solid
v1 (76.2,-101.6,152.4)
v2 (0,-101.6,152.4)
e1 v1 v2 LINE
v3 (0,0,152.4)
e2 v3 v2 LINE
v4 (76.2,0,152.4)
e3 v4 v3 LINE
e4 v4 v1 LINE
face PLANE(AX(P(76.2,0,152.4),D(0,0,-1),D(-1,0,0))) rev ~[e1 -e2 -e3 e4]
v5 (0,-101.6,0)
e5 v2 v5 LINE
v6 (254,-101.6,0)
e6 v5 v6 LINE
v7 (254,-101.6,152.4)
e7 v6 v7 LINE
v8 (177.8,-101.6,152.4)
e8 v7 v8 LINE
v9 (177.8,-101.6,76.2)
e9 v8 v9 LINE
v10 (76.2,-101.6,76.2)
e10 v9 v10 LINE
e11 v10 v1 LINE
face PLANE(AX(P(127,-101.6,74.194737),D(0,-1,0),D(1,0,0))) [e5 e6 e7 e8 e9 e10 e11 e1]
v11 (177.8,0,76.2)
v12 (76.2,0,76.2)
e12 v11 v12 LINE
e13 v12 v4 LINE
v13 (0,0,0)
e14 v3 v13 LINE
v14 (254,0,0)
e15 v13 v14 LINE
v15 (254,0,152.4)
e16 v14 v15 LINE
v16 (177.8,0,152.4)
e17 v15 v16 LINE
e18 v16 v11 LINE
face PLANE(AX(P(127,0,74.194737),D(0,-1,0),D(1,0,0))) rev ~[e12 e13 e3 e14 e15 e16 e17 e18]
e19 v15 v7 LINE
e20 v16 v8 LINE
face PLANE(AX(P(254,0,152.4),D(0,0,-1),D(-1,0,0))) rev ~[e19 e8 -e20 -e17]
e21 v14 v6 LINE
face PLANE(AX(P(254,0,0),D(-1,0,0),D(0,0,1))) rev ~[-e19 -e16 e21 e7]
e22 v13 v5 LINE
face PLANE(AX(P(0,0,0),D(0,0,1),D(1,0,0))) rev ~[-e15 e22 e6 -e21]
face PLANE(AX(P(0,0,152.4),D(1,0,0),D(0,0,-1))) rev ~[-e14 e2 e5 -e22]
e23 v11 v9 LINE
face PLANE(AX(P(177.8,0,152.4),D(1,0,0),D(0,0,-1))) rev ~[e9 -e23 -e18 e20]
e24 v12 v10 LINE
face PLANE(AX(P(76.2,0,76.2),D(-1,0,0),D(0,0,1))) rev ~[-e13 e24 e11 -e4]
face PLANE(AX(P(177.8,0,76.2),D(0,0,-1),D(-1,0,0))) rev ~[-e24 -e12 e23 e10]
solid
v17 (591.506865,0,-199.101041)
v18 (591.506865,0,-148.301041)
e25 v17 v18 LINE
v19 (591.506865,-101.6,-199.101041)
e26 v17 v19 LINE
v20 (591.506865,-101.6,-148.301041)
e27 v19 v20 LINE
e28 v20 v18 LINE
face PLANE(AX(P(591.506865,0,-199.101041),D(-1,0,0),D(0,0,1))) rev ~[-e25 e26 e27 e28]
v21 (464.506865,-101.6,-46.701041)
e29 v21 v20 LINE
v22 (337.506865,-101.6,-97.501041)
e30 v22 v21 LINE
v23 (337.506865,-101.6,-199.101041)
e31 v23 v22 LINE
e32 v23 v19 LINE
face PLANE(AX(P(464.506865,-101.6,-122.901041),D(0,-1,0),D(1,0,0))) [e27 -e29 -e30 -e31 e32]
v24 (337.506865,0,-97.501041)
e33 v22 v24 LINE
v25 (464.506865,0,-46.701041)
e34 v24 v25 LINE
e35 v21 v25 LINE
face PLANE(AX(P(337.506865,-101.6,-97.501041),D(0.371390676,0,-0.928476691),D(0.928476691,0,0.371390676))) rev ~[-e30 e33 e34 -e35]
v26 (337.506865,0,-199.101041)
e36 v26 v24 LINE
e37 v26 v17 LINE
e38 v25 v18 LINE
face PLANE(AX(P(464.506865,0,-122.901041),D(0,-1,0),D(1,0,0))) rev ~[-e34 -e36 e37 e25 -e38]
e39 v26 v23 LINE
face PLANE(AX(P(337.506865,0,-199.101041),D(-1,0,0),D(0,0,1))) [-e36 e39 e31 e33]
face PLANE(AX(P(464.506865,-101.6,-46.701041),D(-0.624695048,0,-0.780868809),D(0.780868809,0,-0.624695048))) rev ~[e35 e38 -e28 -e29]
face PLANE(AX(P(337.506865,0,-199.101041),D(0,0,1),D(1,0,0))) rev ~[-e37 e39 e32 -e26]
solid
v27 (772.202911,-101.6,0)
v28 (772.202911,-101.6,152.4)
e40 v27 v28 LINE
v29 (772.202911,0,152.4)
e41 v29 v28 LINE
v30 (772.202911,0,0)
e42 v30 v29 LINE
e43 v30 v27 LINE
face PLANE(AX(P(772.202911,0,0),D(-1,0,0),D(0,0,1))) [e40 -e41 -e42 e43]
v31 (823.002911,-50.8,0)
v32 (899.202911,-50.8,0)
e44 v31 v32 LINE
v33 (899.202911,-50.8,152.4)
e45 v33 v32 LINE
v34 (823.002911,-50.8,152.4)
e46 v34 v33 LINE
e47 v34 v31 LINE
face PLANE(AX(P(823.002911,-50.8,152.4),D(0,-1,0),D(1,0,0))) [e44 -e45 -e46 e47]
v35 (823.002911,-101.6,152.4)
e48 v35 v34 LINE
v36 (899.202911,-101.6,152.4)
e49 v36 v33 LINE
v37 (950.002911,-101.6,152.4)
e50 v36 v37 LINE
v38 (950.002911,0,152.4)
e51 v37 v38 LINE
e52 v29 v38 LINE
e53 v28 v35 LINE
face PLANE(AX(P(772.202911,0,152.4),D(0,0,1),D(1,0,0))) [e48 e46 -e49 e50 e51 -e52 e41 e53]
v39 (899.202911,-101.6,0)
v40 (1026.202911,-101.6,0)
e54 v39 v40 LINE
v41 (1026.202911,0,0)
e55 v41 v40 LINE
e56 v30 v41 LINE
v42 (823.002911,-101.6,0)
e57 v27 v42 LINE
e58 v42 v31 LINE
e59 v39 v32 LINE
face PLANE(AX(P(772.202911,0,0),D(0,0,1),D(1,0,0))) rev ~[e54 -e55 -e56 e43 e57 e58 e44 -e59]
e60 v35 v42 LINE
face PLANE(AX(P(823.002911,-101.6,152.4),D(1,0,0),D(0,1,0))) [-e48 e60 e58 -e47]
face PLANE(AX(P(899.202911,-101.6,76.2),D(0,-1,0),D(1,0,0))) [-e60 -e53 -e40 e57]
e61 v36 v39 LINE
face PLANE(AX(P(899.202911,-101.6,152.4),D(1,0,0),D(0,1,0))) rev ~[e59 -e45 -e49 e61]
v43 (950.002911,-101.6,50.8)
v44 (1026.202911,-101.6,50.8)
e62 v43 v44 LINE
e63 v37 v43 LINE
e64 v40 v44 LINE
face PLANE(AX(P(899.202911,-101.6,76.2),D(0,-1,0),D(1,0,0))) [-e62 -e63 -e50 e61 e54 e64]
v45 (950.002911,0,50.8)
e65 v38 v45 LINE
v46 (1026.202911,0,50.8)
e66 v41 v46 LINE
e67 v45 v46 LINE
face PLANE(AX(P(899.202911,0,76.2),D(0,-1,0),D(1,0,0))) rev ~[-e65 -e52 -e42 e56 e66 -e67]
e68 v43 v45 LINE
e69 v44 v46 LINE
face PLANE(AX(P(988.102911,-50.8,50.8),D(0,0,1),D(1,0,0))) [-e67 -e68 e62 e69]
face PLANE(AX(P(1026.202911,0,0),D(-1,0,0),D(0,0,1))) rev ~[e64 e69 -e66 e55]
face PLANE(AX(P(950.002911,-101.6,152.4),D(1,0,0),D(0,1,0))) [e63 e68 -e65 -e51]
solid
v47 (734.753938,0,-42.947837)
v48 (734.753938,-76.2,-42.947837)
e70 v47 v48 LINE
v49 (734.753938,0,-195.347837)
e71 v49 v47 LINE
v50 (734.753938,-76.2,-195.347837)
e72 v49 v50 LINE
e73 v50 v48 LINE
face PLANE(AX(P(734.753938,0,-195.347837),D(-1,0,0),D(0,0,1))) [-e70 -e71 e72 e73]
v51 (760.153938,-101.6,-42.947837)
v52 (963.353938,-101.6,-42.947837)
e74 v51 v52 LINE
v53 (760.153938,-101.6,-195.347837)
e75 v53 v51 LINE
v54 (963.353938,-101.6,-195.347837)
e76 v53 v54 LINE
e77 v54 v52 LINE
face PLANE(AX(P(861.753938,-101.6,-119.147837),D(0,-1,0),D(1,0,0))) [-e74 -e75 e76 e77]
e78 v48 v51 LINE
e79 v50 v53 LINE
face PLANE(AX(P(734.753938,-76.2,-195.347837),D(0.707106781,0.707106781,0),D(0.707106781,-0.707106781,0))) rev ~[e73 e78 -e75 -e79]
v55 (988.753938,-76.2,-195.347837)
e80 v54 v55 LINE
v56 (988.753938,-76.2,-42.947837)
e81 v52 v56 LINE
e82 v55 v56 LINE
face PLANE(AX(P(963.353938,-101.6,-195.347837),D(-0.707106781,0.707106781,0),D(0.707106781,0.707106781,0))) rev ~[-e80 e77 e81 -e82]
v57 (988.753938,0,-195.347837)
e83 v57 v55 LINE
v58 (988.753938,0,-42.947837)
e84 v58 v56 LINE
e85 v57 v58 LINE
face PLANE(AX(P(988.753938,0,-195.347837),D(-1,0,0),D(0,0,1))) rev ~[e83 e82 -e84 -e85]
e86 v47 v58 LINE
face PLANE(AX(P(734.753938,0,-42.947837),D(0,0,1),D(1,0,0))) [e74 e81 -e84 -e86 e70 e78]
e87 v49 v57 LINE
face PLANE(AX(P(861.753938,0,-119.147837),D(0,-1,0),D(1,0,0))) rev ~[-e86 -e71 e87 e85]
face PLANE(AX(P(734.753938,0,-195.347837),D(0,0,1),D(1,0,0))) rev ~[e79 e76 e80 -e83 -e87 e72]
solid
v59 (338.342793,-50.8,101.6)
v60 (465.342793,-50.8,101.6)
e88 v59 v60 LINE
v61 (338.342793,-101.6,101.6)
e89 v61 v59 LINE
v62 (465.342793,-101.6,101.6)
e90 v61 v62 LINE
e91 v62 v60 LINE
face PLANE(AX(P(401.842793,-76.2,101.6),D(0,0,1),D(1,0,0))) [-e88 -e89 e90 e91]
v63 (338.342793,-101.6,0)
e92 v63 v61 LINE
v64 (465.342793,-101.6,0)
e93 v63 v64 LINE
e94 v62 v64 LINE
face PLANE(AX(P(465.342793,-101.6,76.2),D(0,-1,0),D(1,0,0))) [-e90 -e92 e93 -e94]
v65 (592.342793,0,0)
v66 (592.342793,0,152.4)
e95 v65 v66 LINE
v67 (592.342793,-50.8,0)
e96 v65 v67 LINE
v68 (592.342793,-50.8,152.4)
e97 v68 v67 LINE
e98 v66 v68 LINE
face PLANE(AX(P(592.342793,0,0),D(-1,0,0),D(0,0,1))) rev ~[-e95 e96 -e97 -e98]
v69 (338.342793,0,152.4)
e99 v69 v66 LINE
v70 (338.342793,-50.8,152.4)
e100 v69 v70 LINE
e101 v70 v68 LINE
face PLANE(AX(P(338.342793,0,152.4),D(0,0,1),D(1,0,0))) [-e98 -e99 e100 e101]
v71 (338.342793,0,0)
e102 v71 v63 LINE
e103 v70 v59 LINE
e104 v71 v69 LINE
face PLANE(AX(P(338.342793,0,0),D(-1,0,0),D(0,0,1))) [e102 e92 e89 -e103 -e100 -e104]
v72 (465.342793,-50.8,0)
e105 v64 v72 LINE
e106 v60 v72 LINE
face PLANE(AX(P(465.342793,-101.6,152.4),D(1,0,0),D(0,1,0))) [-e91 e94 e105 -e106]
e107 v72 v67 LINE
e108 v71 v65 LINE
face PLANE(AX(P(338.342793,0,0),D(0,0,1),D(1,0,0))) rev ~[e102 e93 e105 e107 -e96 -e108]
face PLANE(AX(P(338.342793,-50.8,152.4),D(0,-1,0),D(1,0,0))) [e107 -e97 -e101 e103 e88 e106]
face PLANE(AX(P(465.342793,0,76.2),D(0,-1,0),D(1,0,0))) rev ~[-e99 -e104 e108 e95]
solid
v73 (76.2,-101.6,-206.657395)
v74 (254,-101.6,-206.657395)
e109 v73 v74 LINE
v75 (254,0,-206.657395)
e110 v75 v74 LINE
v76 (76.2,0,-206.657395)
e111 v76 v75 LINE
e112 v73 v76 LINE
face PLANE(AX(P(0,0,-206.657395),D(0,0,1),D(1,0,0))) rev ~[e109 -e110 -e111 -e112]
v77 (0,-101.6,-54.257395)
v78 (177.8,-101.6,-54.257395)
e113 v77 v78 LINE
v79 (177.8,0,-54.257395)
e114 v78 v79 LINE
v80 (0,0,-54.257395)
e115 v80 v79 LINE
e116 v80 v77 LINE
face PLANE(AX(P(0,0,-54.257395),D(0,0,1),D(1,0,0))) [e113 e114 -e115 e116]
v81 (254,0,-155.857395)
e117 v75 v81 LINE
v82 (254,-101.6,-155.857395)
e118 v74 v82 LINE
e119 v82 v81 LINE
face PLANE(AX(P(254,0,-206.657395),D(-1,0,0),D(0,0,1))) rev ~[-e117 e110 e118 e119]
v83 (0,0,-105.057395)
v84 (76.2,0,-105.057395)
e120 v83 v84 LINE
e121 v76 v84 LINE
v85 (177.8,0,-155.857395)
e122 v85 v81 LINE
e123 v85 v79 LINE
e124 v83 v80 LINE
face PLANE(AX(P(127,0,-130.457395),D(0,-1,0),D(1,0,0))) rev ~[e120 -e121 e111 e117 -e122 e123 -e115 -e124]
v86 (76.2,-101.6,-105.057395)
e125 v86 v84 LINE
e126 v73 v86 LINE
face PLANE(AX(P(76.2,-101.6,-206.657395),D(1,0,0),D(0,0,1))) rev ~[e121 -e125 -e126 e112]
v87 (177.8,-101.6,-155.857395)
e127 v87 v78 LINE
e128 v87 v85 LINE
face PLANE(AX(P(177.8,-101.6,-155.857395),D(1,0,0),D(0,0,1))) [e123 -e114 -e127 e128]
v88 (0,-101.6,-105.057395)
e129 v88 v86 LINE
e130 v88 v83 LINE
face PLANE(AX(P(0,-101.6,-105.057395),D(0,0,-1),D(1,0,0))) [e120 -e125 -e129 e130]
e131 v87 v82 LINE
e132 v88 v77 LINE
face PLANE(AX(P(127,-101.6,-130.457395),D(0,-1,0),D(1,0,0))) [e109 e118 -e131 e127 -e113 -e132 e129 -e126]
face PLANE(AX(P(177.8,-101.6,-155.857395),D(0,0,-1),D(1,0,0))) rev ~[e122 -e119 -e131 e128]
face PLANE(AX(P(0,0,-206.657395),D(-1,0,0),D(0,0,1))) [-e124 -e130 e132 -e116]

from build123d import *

# Parameters (mm, degrees)
F1_DEPTH  = 101.6
F2_W      = 254
F2_H      = 152.4
F3_DEPTH  = 101.6
F4_W      = 127
F4_H      = 50.8
F5_DEPTH  = 152.4
F6_W      = 127
F6_H      = 50.8
F7_DEPTH  = 50.8
F8_W      = 254
F8_H      = 152.4
F9_DEPTH  = 101.6
F10_W     = 76.2
F10_H     = 50.8
F11_DEPTH = 152.4
F12_W     = 76.2
F12_H     = 101.6
F13_DEPTH = 101.6
F14_W     = 254
F14_H     = 152.4
F15_DEPTH = 101.6
F16_W     = 76.2
F16_H     = 101.6
F17_DEPTH = 101.6
F18_W     = 76.2
F18_H     = 101.6
F19_DEPTH = 101.6
F20_W     = 254
F20_H     = 152.4
F21_DEPTH = 101.6
F23_DEPTH = 101.6
F25_DEPTH = 101.6
F26_W     = 254
F26_H     = 152.4
F27_DEPTH = 101.6
F29_DEPTH = 152.4


with BuildPart() as f1:
    # F0 (on Front) → F1 (new body)
    with BuildSketch(Plane.XZ):
        Polygon((0, 152.4), (0, 0), (254, 0), (254, 152.4), (177.8, 152.4), (177.8, 76.2), (76.2, 76.2), (76.2, 152.4), align=None)
    extrude(amount=F1_DEPTH)


with BuildPart() as f3:
    # F2 (on Front) → F3 (new body)
    with BuildSketch(Plane.XZ):
        with Locations((465.342793, 76.2)):
            Rectangle(F2_W, F2_H)
    extrude(amount=F3_DEPTH)

    # F4 (on face) → F5 (cut)
    with BuildSketch(Plane.XY.offset(152.4)):
        with Locations((528.842793, -76.2)):
            Rectangle(F4_W, F4_H)
    extrude(amount=-F5_DEPTH, mode=Mode.SUBTRACT)

    # F6 (on face) → F7 (cut)
    with BuildSketch(Plane.XY.offset(152.4)):
        with Locations((401.842793, -76.2)):
            Rectangle(F6_W, F6_H)
    extrude(amount=-F7_DEPTH, mode=Mode.SUBTRACT)


with BuildPart() as f9:
    # F8 (on Front) → F9 (new body)
    with BuildSketch(Plane.XZ):
        with Locations((899.202911, 76.2)):
            Rectangle(F8_W, F8_H)
    extrude(amount=F9_DEPTH)

    # F10 (on face) → F11 (cut)
    with BuildSketch(Plane.XY.offset(152.4)):
        with Locations((861.102911, -76.2)):
            Rectangle(F10_W, F10_H)
    extrude(amount=-F11_DEPTH, mode=Mode.SUBTRACT)

    # F12 (on face) → F13 (cut)
    with BuildSketch(Plane.XY.offset(152.4)):
        with Locations((988.102911, -50.8)):
            Rectangle(F12_W, F12_H)
    extrude(amount=-F13_DEPTH, mode=Mode.SUBTRACT)


with BuildPart() as f15:
    # F14 (on Front) → F15 (new body)
    with BuildSketch(Plane.XZ):
        with Locations((127, -130.457395)):
            Rectangle(F14_W, F14_H)
    extrude(amount=F15_DEPTH)

    # F16 (on face) → F17 (cut)
    with BuildSketch(Plane.XZ.offset(101.6)):
        with Locations((38.1, -155.857395)):
            Rectangle(F16_W, F16_H)
    extrude(amount=-F17_DEPTH, mode=Mode.SUBTRACT)

    # F18 (on face) → F19 (cut)
    with BuildSketch(Plane.XZ.offset(101.6)):
        with Locations((215.9, -105.057395)):
            Rectangle(F18_W, F18_H)
    extrude(amount=-F19_DEPTH, mode=Mode.SUBTRACT)


with BuildPart() as f21:
    # F20 (on Front) → F21 (new body)
    with BuildSketch(Plane.XZ):
        with Locations((464.506865, -122.901041)):
            Rectangle(F20_W, F20_H)
    extrude(amount=F21_DEPTH)

    # F22 (on face) → F23 (cut)
    with BuildSketch(Plane.XZ.offset(101.6)):
        Polygon((464.506865, -46.701041), (337.506865, -46.701041), (337.506865, -97.501041), align=None)
    extrude(amount=-F23_DEPTH, mode=Mode.SUBTRACT)

    # F24 (on face) → F25 (cut)
    with BuildSketch(Plane.XZ.offset(101.6)):
        Polygon((591.506865, -148.301041), (591.506865, -46.701041), (464.506865, -46.701041), align=None)
    extrude(amount=-F25_DEPTH, mode=Mode.SUBTRACT)


with BuildPart() as f27:
    # F26 (on Front) → F27 (new body)
    with BuildSketch(Plane.XZ):
        with Locations((861.753938, -119.147837)):
            Rectangle(F26_W, F26_H)
    extrude(amount=F27_DEPTH)

    # F28 (on face) → F29 (cut)
    with BuildSketch(Plane(origin=(0, 0, -195.347837), x_dir=(1, 0, 0), z_dir=(0, 0, -1))):
        Polygon((760.153938, 101.6), (734.753938, 101.6), (734.753938, 76.2), align=None)
        Polygon((988.753938, 101.6), (963.353938, 101.6), (988.753938, 76.2), align=None)
    extrude(amount=-F29_DEPTH, mode=Mode.SUBTRACT)


solid = Compound([f1.part, f3.part, f9.part, f15.part, f21.part, f27.part])
